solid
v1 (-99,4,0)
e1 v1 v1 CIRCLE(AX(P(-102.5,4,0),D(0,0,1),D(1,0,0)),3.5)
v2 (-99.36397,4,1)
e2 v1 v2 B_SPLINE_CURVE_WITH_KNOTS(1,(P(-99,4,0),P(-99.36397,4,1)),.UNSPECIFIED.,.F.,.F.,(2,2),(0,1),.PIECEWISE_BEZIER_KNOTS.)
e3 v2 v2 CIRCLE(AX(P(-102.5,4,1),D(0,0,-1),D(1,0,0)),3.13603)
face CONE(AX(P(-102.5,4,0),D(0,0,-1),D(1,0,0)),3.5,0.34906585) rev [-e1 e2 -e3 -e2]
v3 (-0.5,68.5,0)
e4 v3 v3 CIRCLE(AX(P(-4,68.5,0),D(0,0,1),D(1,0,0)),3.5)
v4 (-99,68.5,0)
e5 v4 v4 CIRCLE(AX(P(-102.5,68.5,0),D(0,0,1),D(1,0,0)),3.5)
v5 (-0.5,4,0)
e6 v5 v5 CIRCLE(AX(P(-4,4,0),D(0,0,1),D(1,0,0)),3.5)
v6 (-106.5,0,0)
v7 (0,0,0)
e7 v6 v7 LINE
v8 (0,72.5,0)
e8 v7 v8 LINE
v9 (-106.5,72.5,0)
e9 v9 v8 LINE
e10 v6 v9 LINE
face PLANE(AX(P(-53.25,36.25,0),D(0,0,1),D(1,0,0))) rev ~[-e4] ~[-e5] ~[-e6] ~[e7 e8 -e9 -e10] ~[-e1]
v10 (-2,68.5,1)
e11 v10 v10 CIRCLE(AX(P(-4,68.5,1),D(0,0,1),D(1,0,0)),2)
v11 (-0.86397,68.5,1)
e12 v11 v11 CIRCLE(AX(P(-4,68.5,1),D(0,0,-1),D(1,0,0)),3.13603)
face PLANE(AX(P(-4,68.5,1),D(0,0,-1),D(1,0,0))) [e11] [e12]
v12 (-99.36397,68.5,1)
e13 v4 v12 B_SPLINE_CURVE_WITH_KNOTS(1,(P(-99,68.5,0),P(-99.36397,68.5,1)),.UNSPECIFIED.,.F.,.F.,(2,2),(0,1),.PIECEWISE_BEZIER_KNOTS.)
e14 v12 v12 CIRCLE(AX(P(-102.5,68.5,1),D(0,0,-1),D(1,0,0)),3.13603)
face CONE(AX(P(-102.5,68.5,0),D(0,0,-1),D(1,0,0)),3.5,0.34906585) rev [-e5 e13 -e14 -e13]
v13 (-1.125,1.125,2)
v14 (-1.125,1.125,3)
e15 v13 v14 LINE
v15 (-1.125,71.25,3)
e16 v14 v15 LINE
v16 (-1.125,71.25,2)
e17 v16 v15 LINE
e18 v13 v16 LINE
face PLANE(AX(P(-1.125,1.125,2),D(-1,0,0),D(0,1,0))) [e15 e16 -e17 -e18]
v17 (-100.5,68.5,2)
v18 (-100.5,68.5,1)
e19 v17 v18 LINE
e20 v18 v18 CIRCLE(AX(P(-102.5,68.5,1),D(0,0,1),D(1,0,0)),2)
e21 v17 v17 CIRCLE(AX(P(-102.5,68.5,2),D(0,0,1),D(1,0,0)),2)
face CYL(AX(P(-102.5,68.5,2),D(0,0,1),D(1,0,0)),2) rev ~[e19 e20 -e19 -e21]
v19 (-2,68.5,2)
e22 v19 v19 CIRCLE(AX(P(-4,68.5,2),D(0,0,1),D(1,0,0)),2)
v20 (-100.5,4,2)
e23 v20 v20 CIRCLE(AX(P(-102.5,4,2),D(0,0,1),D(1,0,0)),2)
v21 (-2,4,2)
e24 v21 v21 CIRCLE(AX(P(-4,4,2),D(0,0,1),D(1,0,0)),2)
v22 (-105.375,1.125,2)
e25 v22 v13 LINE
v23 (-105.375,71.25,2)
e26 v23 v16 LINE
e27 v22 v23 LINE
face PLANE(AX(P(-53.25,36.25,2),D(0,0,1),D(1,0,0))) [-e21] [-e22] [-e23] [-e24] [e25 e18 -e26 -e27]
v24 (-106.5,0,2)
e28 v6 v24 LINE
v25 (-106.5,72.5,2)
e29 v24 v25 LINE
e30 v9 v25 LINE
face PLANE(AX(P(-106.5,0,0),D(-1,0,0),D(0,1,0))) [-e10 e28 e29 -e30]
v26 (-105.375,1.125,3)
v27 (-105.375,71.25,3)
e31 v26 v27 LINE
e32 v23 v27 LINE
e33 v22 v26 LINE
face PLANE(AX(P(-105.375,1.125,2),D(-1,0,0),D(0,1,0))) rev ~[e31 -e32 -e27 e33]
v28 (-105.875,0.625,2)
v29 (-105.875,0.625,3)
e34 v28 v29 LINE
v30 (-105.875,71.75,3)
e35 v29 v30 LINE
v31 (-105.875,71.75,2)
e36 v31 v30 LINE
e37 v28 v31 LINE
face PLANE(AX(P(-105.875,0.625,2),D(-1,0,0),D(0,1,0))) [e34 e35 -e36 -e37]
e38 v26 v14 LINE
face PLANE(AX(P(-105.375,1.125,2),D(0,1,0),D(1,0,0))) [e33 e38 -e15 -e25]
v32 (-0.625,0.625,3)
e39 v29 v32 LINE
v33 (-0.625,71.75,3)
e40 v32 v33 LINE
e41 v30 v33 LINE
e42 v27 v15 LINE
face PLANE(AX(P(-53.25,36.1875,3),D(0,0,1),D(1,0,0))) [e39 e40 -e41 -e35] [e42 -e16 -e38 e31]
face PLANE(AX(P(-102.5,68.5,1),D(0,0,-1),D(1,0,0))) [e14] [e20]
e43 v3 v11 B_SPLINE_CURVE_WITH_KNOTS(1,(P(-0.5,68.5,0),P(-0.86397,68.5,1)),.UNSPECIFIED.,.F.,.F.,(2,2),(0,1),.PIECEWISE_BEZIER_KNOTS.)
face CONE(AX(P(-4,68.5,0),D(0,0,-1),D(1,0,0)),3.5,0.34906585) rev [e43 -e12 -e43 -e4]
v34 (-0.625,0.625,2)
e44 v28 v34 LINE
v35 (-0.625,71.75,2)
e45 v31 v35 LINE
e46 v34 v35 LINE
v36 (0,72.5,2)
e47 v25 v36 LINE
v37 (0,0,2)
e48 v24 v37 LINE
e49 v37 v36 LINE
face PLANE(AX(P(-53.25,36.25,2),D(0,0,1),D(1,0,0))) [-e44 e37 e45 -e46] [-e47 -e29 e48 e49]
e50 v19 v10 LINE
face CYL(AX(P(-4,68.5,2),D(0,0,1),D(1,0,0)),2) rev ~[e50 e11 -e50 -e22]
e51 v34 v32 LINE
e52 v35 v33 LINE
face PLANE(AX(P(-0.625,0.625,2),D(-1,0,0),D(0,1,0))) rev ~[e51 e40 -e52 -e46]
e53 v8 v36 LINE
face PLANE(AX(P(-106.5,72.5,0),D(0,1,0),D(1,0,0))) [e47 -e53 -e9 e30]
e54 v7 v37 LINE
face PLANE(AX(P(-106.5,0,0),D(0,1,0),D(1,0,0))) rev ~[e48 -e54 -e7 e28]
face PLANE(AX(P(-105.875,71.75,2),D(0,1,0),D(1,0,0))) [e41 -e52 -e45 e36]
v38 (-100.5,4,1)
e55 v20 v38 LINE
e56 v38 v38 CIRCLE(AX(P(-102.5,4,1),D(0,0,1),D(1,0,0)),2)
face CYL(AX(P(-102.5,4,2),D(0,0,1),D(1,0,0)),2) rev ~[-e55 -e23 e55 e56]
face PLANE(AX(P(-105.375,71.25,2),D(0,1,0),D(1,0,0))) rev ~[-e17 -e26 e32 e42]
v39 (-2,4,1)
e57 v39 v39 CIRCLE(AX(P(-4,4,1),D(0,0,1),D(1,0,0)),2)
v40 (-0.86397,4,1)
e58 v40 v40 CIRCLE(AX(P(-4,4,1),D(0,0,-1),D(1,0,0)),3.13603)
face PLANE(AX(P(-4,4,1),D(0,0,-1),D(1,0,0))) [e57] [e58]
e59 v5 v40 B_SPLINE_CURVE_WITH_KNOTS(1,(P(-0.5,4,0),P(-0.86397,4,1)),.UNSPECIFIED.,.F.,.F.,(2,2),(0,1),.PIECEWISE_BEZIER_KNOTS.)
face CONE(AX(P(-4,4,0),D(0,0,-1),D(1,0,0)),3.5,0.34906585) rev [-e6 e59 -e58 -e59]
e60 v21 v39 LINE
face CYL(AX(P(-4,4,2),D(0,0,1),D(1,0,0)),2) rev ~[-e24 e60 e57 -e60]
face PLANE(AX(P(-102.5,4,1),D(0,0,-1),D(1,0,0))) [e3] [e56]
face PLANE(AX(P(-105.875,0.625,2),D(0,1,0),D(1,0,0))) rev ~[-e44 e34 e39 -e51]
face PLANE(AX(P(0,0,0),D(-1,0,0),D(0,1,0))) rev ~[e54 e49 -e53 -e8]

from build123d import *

# Parameters (mm, degrees)
F0_W     = 106.5
F0_H     = 72.5
F1_DEPTH = 2
F2_R     = 2
F3_DEPTH = 2
F4_R     = 3.5
F5_DEPTH = 1
F5_TAPER = 20
F6_W     = 105.25
F6_H     = 71.125
F6_W_2   = 104.25
F6_H_2   = 70.125
F7_DEPTH = 1


with BuildPart() as f1:
    # F0 (on Top) → F1 (new body)
    with BuildSketch(Plane.XY):
        with Locations((-53.25, 36.25)):
            Rectangle(F0_W, F0_H)
    extrude(amount=F1_DEPTH)

    # F2 (on face) → F3 (cut, through all)
    with BuildSketch(Plane.XY.offset(2)):
        with Locations((-102.5, 68.5)):
            Circle(F2_R)
        with Locations((-4, 68.5)):
            Circle(F2_R)
        with Locations((-4, 4)):
            Circle(F2_R)
        with Locations((-102.5, 4)):
            Circle(F2_R)
    extrude(amount=-F3_DEPTH, mode=Mode.SUBTRACT)

    # F4 (on face) → F5 (cut)
    with BuildSketch(Plane(origin=(0, 0, 0), x_dir=(1, 0, 0), z_dir=(0, 0, -1))):
        with Locations((-102.5, -4)):
            Circle(F4_R)
        with Locations((-4, -4)):
            Circle(F4_R)
        with Locations((-102.5, -68.5)):
            Circle(F4_R)
        with Locations((-4, -68.5)):
            Circle(F4_R)
    extrude(amount=-F5_DEPTH, taper=F5_TAPER, mode=Mode.SUBTRACT)

    # F6 (on face) → F7 (join)
    with BuildSketch(Plane.XY.offset(2)):
        with Locations((-53.25, 36.1875)):
            Rectangle(F6_W, F6_H)
        with Locations((-53.25, 36.1875)):
            Rectangle(F6_W_2, F6_H_2, mode=Mode.SUBTRACT)
    extrude(amount=F7_DEPTH)


solid = f1.part
